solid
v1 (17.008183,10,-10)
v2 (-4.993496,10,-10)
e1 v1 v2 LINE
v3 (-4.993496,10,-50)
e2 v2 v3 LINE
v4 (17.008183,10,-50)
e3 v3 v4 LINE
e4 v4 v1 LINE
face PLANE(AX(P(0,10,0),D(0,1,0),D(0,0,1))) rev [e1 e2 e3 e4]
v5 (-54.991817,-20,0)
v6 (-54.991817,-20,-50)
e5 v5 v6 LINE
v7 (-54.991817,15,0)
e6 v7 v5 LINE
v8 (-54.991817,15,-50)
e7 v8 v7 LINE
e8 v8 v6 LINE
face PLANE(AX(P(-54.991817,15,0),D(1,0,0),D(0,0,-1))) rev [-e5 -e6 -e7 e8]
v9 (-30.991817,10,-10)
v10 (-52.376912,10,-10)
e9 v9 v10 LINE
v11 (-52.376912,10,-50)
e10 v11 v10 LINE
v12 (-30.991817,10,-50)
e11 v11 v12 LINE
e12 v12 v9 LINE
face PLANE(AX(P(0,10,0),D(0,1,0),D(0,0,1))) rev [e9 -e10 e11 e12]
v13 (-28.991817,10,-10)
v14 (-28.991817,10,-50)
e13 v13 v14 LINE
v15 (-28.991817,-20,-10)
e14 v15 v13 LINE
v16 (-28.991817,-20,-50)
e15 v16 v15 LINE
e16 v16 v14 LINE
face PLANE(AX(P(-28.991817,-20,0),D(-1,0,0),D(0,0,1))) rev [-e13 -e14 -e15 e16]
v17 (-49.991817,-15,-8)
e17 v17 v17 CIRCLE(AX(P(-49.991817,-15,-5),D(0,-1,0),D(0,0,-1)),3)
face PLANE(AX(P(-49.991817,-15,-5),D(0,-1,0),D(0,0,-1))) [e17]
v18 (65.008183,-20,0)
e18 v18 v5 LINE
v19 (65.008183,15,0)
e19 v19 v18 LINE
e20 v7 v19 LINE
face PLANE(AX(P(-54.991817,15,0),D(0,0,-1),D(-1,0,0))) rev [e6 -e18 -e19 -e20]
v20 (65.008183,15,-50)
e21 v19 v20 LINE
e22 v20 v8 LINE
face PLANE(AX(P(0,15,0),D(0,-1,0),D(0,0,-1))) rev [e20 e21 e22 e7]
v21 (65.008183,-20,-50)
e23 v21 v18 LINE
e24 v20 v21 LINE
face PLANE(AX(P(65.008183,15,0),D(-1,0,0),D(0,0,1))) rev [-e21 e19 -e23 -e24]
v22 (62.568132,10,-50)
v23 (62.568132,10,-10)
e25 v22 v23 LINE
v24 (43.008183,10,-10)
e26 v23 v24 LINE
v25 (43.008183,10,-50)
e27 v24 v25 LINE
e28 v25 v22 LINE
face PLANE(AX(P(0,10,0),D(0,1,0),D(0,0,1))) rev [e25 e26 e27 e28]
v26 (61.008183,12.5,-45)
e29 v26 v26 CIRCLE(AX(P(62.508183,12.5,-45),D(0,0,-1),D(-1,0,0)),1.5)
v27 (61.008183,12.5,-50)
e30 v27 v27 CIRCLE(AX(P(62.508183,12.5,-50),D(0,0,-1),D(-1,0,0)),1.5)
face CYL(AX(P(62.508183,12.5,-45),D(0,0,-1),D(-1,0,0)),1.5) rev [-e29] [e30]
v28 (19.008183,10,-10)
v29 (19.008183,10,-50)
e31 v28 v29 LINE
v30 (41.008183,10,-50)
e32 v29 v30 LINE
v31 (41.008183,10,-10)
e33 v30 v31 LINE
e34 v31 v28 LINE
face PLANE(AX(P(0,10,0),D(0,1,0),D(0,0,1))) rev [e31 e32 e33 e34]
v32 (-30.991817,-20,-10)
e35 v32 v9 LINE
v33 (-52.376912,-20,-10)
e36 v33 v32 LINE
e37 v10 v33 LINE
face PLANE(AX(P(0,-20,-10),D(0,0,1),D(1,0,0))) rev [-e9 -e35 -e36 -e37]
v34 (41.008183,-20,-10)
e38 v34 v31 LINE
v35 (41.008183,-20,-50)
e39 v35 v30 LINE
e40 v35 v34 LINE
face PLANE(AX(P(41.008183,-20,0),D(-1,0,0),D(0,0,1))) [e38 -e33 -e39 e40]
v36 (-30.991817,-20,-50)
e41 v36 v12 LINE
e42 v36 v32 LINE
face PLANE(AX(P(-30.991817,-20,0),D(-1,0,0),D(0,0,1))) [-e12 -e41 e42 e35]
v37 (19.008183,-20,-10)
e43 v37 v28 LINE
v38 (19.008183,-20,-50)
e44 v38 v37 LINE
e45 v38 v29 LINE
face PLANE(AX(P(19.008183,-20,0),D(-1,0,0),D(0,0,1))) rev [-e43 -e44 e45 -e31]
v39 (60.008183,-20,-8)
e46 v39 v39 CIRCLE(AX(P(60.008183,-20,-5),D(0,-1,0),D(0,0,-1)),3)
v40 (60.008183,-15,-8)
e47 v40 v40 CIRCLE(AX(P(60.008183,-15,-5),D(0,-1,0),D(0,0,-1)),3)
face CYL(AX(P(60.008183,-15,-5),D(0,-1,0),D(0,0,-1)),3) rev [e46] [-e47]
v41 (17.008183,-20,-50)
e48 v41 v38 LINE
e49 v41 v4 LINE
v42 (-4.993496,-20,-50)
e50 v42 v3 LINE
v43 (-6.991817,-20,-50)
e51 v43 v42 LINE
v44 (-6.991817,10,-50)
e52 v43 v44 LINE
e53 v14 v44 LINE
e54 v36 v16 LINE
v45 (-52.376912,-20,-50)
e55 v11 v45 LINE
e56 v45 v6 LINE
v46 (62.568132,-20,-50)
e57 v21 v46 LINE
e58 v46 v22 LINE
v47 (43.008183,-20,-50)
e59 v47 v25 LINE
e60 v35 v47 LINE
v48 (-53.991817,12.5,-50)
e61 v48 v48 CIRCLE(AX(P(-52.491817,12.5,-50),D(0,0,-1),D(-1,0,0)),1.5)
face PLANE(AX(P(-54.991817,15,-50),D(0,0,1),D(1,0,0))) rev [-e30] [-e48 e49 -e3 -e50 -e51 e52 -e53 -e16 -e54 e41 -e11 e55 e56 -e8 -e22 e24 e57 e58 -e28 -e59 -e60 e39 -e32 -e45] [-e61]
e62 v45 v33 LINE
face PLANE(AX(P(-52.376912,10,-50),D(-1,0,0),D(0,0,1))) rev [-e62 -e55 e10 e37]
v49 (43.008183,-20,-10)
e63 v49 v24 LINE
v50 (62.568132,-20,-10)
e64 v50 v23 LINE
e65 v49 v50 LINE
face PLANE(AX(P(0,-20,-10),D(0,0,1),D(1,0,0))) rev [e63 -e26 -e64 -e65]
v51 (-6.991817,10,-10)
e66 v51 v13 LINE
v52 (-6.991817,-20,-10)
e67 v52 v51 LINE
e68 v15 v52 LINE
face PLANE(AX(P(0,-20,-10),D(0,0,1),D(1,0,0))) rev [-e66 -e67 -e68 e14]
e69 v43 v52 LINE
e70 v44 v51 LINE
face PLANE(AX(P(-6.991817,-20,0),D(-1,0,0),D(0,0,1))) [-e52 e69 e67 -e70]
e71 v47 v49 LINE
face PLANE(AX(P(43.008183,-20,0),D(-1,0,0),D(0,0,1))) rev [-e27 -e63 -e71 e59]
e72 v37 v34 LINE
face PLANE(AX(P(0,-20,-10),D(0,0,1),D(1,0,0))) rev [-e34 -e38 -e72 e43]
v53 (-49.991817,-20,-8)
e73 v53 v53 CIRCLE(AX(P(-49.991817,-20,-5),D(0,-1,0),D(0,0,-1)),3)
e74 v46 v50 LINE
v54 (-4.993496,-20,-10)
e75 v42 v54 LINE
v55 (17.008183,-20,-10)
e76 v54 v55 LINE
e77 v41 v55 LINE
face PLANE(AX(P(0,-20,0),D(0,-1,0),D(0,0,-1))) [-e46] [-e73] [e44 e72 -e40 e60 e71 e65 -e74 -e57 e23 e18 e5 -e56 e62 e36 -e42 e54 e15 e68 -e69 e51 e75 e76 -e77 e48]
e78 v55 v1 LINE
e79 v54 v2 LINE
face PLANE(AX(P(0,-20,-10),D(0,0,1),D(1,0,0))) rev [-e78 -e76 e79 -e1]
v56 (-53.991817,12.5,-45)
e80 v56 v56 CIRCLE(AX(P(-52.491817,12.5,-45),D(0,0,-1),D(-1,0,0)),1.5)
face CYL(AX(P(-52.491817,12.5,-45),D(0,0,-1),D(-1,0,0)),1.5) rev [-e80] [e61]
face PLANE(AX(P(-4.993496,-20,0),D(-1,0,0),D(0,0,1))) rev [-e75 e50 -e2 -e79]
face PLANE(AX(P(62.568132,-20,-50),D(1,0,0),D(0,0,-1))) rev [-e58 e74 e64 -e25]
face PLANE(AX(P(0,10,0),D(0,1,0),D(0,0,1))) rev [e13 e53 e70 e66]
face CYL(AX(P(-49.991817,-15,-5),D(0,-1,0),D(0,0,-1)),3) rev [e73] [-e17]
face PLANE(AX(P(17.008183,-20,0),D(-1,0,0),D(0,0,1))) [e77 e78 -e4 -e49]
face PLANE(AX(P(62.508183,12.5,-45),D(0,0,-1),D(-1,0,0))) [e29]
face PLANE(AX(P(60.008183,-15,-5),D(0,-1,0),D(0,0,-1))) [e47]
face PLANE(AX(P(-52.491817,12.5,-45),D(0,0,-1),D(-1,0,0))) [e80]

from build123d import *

# Parameters (mm, degrees)
SKETCH1_W           = 120
SKETCH1_H           = 50
BOSS_EXTRUDE1_DEPTH = 15
SKETCH2_W           = 24
SKETCH2_H           = 10
SKETCH2_W_2         = 2
SKETCH2_H_2         = 15
SKETCH2_W_3         = 1.99832088
BOSS_EXTRUDE2_DEPTH = 20
CUT_EXTRUDE1_DEPTH  = 10
SKETCH4_W           = 2
SKETCH4_H           = 30
SKETCH4_W_2         = 1.99832088
BOSS_EXTRUDE4_DEPTH = 40
SKETCH5_W           = 74
SKETCH5_H           = 15
CUT_EXTRUDE2_DEPTH  = 30
SKETCH6_R           = 3
CUT_EXTRUDE3_DEPTH  = 5
SKETCH7_W           = 2.440051729
SKETCH7_H           = 30
BOSS_EXTRUDE5_DEPTH = 40
SKETCH8_W           = 2.614904652
SKETCH8_H           = 30
BOSS_EXTRUDE6_DEPTH = 40
SKETCH9_R           = 1.5
CUT_EXTRUDE4_DEPTH  = 5


with BuildPart() as part:
    # Sketch1 → Boss-Extrude1 (new body)
    with BuildSketch(Plane(origin=(0, 0, 0), x_dir=(1, 0, 0), z_dir=(0, 1, 0))):
        with Locations((5.008183306, 25)):
            Rectangle(SKETCH1_W, SKETCH1_H)
    extrude(amount=BOSS_EXTRUDE1_DEPTH)

    # Sketch2 → Boss-Extrude2 (add)
    with BuildSketch(Plane.XZ):
        Polygon((-30.991816694, 0), (-30.991816694, -10), (-28.991816694, -10), (-6.991816694, -10), (-6.991816694, 0), align=None)
        with Locations((-42.991816694, -5)):
            Rectangle(SKETCH2_W, SKETCH2_H)
        with Locations((-29.991816694, -17.5)):
            Rectangle(SKETCH2_W_2, SKETCH2_H_2)
        with Locations((-5.992656254, -17.5)):
            Rectangle(SKETCH2_W_3, SKETCH2_H_2)
        Polygon((-6.991816694, 0), (-6.991816694, -10), (-4.993495814, -10), (17.008183306, -10), (17.008183306, 0), align=None)
        Polygon((41.008183306, 0), (17.008183306, 0), (17.008183306, -10), (19.008183306, -10), (41.008183306, -10), align=None)
        with Locations((18.008183306, -17.5)):
            Rectangle(SKETCH2_W_2, SKETCH2_H_2)
        Polygon((65.008183306, 0), (41.008183306, 0), (41.008183306, -10), (43.008183306, -10), (65.008183306, -10), align=None)
        with Locations((42.008183306, -17.5)):
            Rectangle(SKETCH2_W_2, SKETCH2_H_2)
    extrude(amount=BOSS_EXTRUDE2_DEPTH)

    # Sketch3 → Cut-Extrude1 (cut)
    with BuildSketch(Plane.XZ):
        Polygon((-54.991816694, -10), (-30.991816694, -10), (-30.991816694, -25), (-28.991816694, -25), (-28.991816694, -10), (-6.991816694, -10), (-6.991816694, -25), (-4.993495814, -25), (-4.993495814, -10), (17.008183306, -10), (17.008183306, -25), (19.008183306, -25), (19.008183306, -10), (41.008183306, -10), (41.008183306, -25), (43.008183306, -25), (43.008183306, -10), (65.008183306, -10), (65.008183306, -50), (-54.991816694, -50), align=None)
    extrude(amount=-CUT_EXTRUDE1_DEPTH, mode=Mode.SUBTRACT)

    # Sketch4 → Boss-Extrude4 (add)
    with BuildSketch(Plane(origin=(0, 0, -25), x_dir=(-1, 0, 0), z_dir=(0, 0, -1))):
        with Locations((29.991816694, -5)):
            Rectangle(SKETCH4_W, SKETCH4_H)
        with Locations((5.992656254, -5)):
            Rectangle(SKETCH4_W_2, SKETCH4_H)
        with Locations((-18.008183306, -5)):
            Rectangle(SKETCH4_W, SKETCH4_H)
        with Locations((-42.008183306, -5)):
            Rectangle(SKETCH4_W, SKETCH4_H)
    extrude(amount=BOSS_EXTRUDE4_DEPTH)

    # Sketch5 → Cut-Extrude2 (cut)
    with BuildSketch(Plane(origin=(0, 10, 0), x_dir=(1, 0, 0), z_dir=(0, 1, 0))):
        with Locations((6.008183306, 57.5)):
            Rectangle(SKETCH5_W, SKETCH5_H)
    extrude(amount=-CUT_EXTRUDE2_DEPTH, mode=Mode.SUBTRACT)

    # Sketch6 → Cut-Extrude3 (cut)
    with BuildSketch(Plane.XZ.offset(20)):
        with Locations(Location((-49.991816694, -5, 0), (0, 0, 270))):
            Circle(SKETCH6_R)
        with Locations(Location((60.008183306, -5, 0), (0, 0, 270))):
            Circle(SKETCH6_R)
    extrude(amount=-CUT_EXTRUDE3_DEPTH, mode=Mode.SUBTRACT)

    # Sketch7 → Boss-Extrude5 (add)
    with BuildSketch(Plane(origin=(0, 0, -10), x_dir=(-1, 0, 0), z_dir=(0, 0, -1))):
        with Locations((-63.788157442, -5)):
            Rectangle(SKETCH7_W, SKETCH7_H)
    extrude(amount=BOSS_EXTRUDE5_DEPTH)

    # Sketch8 → Boss-Extrude6 (add)
    with BuildSketch(Plane(origin=(0, 0, -10), x_dir=(-1, 0, 0), z_dir=(0, 0, -1))):
        with Locations((53.684364368, -5)):
            Rectangle(SKETCH8_W, SKETCH8_H)
    extrude(amount=BOSS_EXTRUDE6_DEPTH)

    # Sketch9 → Cut-Extrude4 (cut)
    with BuildSketch(Plane(origin=(0, 0, -50), x_dir=(-1, 0, 0), z_dir=(0, 0, -1))):
        with Locations((-62.508183306, 12.5)):
            Circle(SKETCH9_R)
        with Locations((52.491816694, 12.5)):
            Circle(SKETCH9_R)
    extrude(amount=-CUT_EXTRUDE4_DEPTH, mode=Mode.SUBTRACT)


solid = part.part
